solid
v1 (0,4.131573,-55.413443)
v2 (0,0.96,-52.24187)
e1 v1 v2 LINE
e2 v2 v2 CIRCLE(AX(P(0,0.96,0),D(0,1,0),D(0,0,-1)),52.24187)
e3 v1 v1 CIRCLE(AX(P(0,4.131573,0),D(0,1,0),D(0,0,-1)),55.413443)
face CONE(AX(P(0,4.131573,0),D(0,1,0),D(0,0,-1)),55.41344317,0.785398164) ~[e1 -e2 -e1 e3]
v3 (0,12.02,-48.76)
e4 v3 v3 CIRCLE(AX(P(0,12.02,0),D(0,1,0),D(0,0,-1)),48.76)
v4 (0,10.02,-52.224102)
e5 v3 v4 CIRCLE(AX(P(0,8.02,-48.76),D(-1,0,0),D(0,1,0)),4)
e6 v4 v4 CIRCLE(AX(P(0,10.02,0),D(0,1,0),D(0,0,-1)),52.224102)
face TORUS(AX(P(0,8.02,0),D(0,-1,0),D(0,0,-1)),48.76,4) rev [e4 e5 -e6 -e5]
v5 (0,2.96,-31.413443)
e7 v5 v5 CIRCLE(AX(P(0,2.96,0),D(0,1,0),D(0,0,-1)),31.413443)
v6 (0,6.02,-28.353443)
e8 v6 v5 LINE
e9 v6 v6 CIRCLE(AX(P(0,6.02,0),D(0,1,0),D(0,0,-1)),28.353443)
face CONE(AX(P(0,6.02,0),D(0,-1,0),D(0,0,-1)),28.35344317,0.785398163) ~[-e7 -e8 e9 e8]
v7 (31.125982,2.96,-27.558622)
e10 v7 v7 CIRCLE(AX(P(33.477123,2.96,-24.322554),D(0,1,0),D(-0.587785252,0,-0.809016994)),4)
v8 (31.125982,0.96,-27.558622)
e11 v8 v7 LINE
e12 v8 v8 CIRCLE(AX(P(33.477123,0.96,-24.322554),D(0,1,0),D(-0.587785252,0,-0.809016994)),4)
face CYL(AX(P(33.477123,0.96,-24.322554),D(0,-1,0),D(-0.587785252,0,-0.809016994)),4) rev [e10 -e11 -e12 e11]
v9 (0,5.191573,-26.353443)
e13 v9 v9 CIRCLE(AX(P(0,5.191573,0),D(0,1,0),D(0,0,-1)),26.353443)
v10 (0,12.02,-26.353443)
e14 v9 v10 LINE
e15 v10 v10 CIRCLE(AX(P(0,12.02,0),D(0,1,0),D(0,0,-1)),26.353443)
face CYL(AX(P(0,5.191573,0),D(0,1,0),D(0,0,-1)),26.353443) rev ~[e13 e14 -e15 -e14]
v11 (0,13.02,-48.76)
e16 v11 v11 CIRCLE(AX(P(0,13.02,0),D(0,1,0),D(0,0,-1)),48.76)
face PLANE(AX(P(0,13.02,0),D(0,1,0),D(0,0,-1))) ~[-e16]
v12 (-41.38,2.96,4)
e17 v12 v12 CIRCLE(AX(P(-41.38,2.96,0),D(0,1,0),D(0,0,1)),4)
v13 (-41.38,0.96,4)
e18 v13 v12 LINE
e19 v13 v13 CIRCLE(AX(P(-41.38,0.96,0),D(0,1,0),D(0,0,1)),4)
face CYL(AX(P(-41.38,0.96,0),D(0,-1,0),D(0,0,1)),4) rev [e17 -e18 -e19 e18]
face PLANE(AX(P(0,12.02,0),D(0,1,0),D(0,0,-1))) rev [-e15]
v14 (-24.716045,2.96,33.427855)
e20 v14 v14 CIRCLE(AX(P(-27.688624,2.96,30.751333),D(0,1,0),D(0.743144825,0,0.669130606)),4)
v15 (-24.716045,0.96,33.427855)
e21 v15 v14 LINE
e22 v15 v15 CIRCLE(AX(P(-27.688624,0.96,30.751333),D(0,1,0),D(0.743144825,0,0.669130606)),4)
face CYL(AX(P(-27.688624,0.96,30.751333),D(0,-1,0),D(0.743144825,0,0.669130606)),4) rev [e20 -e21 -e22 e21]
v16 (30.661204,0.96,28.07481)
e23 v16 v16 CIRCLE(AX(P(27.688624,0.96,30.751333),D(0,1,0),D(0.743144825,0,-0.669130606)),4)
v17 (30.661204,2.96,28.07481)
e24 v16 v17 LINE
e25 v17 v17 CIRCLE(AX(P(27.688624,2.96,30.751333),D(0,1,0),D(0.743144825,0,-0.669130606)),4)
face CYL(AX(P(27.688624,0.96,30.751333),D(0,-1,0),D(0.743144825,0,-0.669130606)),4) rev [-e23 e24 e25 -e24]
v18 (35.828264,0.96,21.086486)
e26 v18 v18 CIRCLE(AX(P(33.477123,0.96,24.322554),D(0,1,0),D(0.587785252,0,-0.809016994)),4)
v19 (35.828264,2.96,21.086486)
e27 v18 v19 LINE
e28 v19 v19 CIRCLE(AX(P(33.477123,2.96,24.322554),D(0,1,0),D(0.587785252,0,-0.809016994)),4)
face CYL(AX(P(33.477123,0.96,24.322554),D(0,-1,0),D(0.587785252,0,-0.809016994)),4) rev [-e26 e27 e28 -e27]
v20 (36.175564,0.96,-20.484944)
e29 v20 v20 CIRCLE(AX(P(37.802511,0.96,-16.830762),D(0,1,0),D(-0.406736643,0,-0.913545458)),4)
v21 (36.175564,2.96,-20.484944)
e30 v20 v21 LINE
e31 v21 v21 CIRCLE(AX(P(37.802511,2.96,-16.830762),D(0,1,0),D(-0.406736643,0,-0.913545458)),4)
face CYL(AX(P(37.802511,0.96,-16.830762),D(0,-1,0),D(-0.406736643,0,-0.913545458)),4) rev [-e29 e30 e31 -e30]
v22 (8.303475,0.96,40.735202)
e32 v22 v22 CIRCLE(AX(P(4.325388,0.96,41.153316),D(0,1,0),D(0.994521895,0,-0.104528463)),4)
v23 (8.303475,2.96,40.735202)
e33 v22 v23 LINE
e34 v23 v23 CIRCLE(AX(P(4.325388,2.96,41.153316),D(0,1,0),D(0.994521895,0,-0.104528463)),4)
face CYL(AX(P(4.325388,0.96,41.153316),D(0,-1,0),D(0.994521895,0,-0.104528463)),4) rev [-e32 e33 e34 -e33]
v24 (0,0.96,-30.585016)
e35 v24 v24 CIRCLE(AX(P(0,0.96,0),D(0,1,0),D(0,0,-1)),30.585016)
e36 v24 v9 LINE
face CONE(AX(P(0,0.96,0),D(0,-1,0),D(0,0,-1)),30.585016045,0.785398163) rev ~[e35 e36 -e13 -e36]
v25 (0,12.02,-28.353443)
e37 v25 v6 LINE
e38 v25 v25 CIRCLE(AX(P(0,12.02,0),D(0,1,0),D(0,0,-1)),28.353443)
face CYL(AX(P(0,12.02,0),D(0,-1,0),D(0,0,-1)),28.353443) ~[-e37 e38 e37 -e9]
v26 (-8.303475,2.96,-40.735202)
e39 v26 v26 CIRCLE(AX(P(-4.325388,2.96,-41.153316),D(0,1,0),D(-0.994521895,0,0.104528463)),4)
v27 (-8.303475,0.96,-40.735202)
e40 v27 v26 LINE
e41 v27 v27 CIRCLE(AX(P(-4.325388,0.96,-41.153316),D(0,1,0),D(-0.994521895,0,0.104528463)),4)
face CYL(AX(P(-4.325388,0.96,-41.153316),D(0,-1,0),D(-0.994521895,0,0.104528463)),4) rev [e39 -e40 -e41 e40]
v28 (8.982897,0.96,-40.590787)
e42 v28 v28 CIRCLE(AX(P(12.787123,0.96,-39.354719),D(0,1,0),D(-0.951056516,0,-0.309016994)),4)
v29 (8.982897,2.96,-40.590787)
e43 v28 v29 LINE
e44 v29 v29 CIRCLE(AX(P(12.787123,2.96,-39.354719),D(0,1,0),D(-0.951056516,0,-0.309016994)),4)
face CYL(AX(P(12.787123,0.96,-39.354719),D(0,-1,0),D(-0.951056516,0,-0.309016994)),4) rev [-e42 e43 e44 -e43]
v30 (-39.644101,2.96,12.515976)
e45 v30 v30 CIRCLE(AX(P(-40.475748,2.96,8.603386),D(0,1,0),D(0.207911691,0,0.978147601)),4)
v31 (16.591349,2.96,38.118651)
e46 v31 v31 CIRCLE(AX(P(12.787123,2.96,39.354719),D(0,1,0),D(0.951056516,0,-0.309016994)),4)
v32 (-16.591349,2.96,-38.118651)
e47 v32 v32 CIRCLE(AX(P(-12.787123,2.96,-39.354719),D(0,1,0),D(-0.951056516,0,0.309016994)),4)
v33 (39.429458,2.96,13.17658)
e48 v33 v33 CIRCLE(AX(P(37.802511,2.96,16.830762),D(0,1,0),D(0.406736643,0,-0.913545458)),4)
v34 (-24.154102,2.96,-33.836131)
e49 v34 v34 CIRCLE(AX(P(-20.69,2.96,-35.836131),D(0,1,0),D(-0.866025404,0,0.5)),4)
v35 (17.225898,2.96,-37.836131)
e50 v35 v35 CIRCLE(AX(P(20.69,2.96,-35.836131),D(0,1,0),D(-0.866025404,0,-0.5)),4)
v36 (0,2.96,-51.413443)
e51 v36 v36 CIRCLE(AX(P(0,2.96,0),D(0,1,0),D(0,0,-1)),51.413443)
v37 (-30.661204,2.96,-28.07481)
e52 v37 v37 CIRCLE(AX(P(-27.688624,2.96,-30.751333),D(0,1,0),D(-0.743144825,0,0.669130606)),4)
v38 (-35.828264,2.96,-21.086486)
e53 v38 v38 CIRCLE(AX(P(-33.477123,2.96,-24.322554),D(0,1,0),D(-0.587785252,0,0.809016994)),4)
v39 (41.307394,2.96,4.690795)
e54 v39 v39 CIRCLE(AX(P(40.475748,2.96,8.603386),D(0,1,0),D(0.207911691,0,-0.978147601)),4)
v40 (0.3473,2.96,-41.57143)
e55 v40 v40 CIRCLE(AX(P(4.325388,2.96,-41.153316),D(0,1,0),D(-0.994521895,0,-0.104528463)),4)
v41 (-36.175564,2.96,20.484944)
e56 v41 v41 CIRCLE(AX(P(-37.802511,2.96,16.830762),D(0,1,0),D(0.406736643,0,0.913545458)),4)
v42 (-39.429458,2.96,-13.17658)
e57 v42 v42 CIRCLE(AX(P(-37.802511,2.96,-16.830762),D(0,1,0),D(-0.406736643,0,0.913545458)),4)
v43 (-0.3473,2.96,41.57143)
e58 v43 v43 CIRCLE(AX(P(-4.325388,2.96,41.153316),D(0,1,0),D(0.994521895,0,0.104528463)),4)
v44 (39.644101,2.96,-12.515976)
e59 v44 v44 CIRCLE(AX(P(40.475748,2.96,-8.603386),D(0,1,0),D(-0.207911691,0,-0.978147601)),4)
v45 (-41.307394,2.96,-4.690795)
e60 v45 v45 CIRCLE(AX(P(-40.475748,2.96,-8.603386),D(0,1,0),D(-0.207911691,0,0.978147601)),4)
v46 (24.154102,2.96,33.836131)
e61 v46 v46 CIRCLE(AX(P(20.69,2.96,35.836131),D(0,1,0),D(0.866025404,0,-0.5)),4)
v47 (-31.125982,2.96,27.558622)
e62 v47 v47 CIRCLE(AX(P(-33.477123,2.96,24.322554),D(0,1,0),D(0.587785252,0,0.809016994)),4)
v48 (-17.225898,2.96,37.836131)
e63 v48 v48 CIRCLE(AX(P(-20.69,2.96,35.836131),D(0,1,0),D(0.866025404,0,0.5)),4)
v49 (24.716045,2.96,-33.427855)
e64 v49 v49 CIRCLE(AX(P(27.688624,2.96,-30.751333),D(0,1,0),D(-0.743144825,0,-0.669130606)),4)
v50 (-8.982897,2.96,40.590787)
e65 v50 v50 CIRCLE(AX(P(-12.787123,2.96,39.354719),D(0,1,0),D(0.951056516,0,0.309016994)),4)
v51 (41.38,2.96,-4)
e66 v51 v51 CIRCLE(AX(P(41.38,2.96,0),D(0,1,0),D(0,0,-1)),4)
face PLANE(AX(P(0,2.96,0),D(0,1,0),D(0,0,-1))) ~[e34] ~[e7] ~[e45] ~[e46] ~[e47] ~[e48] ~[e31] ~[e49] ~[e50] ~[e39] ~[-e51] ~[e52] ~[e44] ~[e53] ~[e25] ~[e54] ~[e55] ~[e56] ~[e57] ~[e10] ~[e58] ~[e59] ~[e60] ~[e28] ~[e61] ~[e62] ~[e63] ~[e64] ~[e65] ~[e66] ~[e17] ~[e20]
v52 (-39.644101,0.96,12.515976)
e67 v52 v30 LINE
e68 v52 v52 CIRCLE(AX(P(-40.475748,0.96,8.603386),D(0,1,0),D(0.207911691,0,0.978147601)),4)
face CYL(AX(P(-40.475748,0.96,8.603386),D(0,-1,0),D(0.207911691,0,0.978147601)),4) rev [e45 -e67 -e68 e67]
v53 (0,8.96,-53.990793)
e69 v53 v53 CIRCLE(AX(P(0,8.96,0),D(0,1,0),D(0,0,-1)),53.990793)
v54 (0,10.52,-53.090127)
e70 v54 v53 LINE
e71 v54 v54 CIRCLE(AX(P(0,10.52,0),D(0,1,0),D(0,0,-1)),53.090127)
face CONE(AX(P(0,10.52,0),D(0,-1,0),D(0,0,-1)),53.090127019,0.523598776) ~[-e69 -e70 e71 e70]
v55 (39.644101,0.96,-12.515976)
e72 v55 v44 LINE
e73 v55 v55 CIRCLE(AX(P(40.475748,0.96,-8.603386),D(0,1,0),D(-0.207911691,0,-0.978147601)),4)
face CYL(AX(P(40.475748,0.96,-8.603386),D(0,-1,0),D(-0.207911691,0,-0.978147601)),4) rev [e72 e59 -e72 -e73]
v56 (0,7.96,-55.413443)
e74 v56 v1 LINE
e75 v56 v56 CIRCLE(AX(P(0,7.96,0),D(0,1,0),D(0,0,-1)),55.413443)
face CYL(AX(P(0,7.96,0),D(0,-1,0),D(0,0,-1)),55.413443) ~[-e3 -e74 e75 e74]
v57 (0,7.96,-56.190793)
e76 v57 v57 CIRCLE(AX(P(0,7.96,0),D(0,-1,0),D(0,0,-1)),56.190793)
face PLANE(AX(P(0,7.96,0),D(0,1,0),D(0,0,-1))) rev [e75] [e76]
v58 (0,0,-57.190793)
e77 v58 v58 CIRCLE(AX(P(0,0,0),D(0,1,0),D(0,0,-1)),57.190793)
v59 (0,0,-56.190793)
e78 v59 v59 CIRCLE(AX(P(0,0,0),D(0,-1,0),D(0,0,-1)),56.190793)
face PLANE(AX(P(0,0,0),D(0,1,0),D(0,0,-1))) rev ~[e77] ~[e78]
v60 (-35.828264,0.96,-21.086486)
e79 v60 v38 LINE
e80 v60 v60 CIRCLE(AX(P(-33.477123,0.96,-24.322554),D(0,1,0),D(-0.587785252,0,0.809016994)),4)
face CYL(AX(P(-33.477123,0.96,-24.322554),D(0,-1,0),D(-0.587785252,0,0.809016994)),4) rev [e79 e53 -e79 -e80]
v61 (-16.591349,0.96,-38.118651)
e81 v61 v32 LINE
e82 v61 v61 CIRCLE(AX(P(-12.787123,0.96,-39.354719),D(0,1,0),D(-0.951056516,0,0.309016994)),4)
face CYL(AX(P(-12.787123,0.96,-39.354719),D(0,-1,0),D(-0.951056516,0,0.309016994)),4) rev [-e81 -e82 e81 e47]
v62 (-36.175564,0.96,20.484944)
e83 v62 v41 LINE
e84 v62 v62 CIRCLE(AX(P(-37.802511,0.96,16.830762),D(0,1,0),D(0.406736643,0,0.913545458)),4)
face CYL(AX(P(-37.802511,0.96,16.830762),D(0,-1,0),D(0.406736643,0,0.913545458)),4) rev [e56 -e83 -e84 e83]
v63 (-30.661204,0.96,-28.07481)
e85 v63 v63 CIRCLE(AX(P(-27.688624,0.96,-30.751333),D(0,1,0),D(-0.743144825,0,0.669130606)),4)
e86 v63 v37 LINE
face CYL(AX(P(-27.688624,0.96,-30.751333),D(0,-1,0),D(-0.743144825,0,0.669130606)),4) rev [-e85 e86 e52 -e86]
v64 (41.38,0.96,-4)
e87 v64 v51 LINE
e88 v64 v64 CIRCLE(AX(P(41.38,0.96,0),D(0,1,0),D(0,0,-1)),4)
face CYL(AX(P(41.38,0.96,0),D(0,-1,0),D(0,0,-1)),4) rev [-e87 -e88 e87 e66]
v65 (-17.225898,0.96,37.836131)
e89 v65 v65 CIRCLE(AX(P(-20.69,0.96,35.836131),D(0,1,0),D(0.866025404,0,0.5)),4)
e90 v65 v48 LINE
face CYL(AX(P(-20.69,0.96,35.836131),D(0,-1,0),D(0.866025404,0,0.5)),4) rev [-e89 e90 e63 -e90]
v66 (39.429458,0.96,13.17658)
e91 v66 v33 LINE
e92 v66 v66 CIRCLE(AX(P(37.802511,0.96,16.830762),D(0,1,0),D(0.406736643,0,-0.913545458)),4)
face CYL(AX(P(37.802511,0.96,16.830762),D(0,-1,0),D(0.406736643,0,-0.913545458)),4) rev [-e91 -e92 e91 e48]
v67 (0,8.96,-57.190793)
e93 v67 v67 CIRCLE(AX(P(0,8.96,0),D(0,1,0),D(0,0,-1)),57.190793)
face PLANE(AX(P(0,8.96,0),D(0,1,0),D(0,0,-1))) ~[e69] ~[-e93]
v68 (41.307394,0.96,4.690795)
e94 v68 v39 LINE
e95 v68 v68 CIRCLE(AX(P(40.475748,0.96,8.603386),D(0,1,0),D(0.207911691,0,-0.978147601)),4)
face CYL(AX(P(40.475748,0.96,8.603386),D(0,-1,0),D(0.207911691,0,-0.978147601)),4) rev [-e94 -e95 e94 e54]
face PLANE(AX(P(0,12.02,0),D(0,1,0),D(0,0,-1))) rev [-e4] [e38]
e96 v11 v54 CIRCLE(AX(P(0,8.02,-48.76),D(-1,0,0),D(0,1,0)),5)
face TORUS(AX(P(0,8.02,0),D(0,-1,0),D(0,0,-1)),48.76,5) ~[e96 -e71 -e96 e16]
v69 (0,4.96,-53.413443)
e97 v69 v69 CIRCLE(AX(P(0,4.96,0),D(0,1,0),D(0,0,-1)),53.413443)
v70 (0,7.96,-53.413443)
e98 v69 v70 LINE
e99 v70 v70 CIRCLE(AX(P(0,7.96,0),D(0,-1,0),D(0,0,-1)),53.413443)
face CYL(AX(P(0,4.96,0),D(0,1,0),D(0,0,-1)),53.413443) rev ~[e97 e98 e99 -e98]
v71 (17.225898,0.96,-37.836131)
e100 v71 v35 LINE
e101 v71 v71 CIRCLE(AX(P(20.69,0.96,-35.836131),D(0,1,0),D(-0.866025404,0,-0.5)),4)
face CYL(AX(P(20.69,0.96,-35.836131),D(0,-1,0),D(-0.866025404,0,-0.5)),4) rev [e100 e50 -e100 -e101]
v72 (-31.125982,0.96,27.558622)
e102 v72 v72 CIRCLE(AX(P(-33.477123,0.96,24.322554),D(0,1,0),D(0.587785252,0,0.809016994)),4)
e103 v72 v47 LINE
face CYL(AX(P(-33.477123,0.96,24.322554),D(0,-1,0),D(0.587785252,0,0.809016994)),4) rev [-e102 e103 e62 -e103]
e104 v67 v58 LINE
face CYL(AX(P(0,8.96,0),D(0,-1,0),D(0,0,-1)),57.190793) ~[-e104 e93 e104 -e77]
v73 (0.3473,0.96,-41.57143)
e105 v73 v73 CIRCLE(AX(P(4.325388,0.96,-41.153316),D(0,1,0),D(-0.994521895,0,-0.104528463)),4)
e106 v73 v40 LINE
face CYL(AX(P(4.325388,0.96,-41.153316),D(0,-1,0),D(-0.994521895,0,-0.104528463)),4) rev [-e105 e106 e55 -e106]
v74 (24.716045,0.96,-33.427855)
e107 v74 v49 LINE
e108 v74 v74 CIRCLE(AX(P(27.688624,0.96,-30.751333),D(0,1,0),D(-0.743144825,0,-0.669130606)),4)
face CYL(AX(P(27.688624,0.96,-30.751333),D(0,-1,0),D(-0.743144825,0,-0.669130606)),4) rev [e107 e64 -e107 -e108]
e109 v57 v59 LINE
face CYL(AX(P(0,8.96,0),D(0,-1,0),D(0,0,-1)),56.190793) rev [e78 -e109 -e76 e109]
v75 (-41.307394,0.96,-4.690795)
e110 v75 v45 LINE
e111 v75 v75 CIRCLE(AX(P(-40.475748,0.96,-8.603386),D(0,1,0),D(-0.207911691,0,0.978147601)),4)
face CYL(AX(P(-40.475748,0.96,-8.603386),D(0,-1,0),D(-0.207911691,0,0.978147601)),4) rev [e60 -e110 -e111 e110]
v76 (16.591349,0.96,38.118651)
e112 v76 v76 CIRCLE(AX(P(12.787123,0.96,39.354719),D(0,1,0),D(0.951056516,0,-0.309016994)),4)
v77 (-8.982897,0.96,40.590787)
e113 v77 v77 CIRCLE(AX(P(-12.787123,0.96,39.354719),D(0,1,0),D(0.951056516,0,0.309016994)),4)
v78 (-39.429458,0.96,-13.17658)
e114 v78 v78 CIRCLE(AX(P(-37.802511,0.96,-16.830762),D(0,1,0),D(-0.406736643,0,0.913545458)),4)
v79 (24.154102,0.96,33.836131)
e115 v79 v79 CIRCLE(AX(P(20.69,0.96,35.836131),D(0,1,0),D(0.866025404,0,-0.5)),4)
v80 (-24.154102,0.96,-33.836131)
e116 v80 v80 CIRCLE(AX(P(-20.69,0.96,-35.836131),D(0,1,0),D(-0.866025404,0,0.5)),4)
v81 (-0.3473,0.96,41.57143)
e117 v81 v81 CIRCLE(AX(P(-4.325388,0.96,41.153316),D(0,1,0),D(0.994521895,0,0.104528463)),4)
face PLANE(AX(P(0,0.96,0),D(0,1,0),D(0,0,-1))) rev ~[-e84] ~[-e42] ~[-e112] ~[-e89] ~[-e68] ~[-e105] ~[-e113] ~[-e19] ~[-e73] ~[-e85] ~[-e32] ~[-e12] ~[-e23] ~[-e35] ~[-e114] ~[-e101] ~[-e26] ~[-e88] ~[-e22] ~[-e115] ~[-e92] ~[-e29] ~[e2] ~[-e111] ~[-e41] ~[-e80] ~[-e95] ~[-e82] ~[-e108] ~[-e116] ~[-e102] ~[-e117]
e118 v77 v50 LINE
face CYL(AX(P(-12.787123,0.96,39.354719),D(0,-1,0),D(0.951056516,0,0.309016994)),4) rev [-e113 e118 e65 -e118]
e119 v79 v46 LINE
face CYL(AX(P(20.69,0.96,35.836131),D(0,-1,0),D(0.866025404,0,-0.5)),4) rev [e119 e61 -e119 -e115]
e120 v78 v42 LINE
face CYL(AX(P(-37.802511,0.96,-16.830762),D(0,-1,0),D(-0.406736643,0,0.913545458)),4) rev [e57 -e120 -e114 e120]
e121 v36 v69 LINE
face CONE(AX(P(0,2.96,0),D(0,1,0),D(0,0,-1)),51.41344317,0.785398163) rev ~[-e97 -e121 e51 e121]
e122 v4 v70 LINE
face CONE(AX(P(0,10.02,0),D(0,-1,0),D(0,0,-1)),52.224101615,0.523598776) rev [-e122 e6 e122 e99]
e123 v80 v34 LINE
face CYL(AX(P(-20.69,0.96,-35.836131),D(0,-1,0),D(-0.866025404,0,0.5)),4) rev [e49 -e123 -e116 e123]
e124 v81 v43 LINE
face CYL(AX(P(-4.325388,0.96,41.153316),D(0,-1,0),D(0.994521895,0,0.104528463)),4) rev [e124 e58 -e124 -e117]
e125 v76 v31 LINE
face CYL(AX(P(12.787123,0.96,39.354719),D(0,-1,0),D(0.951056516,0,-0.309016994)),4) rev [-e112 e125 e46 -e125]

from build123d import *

# Parameters (mm, degrees)
SHELL1_T           = -1
SKETCH3_R          = 4
CUT_EXTRUDE3_DEPTH = 2
CIRPATTERN1_COUNT  = 30


with BuildPart() as part:
    # Sketch1 → Revolve1 (revolve)
    with BuildSketch(Plane.YZ, mode=Mode.PRIVATE) as revolve1_sk:
        with BuildLine():
            Line((0, 0), (13.02, 0))
            Line((13.02, 0), (13.02, 48.76))
            ThreePointArc((13.02, 48.76), (12.350127019, 51.26), (10.52, 53.090127019))
            Line((10.52, 53.090127019), (8.96, 53.990793439))
            Line((8.96, 53.990793439), (8.96, 57.190793439))
            Line((8.96, 57.190793439), (0, 57.190793439))
            Line((0, 57.190793439), (0, 0))
        make_face()
    revolve(revolve1_sk.sketch.rotate(Axis((0, -88.855588477, 0), (0, 1, 0)), 180), axis=Axis((0, -88.855588477, 0), (0, 1, 0)))

    # Shell1
    shell1_openings = [part.faces().sort_by_distance(p)[0] for p in [
        (0, 0, 0),
    ]]
    offset(amount=SHELL1_T, openings=shell1_openings, kind=Kind.INTERSECTION)

    # Sketch2 → Revolve2 (revolve)
    with BuildSketch(Plane.YZ, mode=Mode.PRIVATE) as revolve2_sk:
        Polygon((4.96, 53.41344317), (7.96, 53.41344317), (7.96, 55.41344317), (4.131572875, 55.41344317), (0.96, 52.241870294), (0.96, 30.585016045), (5.191572875, 26.35344317), (12.02, 26.35344317), (12.02, 28.35344317), (6.02, 28.35344317), (2.96, 31.41344317), (2.96, 51.41344317), align=None)
    revolve(revolve2_sk.sketch.rotate(Axis((0, -18.870621066, 0), (0, 1, 0)), 180), axis=Axis((0, -18.870621066, 0), (0, 1, 0)))

    # Sketch3 → Cut-Extrude3 (cut)
    with BuildSketch(Plane(origin=(0, 0.96, 0), x_dir=(-1, 0, 0), z_dir=(0, 1, 0))):
        with Locations(Location((41.38, 0, 0), (0, 0, 90))):
            Circle(SKETCH3_R)
    cut_extrude3 = extrude(amount=CUT_EXTRUDE3_DEPTH, mode=Mode.SUBTRACT)

    # CirPattern1: Cut-Extrude3 ×30 about axis
    cirpattern1_axis = Axis((0, 0, 0), (0, 1, 0))
    for i in range(1, CIRPATTERN1_COUNT):
        add(cut_extrude3.rotate(cirpattern1_axis, i * 360 / CIRPATTERN1_COUNT), mode=Mode.SUBTRACT)


solid = part.part
